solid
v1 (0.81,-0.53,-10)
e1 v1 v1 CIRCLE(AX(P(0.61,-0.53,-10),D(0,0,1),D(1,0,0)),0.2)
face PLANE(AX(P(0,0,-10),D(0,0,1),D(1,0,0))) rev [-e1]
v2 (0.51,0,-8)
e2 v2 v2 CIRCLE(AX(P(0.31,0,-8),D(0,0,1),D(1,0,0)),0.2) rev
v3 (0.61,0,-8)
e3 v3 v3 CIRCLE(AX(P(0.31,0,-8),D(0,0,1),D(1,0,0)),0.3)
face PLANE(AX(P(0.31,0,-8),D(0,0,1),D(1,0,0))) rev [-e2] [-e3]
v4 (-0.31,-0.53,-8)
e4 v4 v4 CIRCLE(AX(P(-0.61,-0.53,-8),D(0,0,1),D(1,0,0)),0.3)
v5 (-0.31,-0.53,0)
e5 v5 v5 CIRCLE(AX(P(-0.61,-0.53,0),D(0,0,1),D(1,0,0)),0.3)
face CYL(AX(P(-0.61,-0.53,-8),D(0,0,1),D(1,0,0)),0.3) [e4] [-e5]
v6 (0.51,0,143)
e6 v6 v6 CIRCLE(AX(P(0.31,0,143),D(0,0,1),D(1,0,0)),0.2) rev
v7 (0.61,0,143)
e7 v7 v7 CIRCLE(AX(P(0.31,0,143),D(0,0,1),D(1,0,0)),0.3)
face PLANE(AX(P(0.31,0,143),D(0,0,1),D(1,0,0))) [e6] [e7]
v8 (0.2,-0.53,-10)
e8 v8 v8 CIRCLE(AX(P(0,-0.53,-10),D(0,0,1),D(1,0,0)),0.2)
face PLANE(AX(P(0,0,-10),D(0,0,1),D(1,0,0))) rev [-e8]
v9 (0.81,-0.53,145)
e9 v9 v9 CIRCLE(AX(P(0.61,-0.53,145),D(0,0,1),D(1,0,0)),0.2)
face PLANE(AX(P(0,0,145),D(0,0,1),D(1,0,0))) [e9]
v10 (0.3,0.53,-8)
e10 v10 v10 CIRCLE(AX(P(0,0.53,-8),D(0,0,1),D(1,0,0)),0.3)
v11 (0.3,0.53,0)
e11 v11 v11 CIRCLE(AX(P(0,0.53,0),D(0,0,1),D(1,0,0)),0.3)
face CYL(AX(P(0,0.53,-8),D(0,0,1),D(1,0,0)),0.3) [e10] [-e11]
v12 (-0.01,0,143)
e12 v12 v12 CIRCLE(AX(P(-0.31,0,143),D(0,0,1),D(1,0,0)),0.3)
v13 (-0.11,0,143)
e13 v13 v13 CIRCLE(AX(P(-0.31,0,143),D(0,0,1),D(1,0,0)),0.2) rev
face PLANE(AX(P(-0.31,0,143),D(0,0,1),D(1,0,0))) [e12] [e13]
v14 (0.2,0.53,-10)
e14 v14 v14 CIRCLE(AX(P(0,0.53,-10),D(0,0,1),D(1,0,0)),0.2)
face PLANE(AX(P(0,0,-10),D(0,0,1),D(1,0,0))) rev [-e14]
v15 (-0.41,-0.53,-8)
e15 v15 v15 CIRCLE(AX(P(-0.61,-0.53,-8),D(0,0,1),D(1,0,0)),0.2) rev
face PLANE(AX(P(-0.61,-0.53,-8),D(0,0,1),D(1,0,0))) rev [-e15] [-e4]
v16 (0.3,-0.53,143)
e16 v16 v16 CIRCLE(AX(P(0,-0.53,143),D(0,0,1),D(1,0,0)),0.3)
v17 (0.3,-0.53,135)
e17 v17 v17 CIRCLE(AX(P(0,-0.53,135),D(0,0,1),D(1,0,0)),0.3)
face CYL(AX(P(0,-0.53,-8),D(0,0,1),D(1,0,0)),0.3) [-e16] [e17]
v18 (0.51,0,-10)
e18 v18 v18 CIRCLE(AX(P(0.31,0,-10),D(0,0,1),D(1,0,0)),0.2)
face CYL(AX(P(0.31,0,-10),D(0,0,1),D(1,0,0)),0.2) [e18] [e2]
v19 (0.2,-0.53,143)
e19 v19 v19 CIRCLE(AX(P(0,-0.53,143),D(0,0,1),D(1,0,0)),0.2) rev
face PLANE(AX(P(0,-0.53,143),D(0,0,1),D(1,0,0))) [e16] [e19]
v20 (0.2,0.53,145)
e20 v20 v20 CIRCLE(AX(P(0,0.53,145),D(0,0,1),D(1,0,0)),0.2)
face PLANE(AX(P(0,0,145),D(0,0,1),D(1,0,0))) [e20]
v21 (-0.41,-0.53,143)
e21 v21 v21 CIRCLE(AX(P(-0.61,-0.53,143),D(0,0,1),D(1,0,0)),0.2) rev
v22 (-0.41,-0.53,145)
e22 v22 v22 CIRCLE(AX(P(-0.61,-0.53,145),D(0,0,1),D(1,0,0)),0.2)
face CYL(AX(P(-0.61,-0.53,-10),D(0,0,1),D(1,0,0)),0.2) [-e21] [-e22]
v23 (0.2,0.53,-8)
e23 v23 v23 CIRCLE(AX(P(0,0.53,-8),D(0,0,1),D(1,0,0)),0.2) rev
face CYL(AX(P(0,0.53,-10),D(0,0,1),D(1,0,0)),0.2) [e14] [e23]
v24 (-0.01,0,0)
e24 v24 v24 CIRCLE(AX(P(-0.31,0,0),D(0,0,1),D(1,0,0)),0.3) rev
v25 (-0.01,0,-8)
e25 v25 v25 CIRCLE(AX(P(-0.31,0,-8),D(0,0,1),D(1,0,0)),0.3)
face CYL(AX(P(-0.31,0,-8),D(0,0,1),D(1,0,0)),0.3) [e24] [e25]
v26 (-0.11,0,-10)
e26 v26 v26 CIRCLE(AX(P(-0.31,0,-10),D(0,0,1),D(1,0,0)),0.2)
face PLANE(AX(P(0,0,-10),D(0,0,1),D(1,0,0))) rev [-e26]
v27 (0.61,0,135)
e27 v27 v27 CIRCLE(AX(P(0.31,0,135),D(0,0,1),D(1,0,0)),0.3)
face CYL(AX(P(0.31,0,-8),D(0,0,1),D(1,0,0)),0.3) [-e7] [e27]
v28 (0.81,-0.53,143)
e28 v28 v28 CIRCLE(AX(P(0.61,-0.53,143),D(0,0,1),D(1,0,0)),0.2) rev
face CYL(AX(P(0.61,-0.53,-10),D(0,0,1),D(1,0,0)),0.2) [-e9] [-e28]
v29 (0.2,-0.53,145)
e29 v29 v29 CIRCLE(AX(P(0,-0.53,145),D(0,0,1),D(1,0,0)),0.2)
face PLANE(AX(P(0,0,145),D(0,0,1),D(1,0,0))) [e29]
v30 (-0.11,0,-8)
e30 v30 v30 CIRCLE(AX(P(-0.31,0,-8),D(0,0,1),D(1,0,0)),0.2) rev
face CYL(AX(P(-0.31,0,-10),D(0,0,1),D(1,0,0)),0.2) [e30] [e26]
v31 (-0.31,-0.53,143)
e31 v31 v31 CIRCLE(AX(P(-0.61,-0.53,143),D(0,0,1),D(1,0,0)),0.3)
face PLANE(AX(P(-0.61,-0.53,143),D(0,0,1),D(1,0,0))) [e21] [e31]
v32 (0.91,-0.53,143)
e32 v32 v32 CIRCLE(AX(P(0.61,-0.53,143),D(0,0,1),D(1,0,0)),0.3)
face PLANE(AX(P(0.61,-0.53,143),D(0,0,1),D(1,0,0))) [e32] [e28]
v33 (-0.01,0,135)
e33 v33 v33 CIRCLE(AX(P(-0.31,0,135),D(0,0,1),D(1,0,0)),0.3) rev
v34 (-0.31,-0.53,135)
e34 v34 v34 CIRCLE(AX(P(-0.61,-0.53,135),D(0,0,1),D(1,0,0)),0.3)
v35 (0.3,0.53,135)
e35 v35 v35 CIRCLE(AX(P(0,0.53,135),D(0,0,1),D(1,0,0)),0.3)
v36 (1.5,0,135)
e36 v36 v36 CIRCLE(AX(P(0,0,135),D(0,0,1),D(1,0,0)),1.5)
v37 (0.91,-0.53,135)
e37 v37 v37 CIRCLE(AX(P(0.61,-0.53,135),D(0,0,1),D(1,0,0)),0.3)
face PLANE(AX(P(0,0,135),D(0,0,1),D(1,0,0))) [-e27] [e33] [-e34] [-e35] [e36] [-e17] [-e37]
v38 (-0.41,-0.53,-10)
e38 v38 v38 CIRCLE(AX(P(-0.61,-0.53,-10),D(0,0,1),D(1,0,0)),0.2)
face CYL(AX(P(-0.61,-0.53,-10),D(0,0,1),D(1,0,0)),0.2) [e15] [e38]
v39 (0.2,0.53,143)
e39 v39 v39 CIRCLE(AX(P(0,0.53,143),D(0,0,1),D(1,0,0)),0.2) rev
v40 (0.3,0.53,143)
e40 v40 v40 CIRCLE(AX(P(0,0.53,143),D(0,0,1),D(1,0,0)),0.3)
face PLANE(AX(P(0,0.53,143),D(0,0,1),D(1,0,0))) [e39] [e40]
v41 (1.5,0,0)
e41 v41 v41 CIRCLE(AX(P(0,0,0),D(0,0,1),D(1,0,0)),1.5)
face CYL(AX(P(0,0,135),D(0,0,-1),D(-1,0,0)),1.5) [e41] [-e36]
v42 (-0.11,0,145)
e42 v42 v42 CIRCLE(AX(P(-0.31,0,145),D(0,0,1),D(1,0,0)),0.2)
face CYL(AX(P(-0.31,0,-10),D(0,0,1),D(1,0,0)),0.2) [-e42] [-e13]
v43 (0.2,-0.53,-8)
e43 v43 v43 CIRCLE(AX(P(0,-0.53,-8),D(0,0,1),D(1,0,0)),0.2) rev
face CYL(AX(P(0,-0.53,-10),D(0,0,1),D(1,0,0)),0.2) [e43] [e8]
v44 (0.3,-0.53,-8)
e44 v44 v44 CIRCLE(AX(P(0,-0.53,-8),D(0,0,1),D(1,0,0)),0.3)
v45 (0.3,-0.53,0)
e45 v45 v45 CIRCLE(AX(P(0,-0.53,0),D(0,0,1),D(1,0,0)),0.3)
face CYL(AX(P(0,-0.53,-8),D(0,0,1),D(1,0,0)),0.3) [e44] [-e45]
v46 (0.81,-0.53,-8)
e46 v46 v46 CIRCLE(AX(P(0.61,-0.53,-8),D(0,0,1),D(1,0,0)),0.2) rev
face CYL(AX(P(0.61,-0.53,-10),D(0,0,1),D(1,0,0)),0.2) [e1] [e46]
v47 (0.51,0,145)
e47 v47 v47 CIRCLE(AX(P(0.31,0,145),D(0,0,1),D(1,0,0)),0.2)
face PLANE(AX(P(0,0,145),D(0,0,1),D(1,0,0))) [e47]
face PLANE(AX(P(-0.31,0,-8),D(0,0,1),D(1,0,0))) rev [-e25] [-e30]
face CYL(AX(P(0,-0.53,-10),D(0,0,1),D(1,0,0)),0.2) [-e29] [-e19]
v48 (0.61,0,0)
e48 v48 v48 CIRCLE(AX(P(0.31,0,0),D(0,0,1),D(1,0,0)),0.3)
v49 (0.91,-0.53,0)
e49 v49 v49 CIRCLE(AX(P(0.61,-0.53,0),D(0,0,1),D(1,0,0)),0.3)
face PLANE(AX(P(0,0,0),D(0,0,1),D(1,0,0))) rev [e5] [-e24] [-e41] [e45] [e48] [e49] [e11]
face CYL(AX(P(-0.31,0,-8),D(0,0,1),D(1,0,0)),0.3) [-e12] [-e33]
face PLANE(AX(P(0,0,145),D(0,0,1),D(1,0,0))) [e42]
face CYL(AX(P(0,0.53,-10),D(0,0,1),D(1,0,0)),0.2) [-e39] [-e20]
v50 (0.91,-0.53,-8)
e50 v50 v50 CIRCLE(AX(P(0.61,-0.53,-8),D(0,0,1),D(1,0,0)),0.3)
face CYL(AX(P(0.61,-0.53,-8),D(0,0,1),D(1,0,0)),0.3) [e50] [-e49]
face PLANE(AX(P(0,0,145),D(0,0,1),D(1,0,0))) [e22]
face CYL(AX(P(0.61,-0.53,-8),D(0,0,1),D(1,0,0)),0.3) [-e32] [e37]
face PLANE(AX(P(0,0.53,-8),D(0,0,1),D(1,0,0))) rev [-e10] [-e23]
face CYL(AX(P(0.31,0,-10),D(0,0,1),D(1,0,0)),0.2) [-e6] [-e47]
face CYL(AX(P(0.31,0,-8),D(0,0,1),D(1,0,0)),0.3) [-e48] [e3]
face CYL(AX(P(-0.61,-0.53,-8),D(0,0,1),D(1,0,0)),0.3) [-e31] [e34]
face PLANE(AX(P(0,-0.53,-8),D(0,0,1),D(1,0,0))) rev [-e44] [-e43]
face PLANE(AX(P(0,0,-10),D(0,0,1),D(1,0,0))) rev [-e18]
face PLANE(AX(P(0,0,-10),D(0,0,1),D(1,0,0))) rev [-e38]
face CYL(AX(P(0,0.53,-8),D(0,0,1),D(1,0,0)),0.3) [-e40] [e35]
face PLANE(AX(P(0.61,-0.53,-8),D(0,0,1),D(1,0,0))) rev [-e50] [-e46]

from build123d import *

# Parameters (mm, degrees)
SKETCH_1_R             = 0.2
EXTRUDE_9_DEPTH        = 145
EXTRUDE_9_DEPTH_BACK   = 10
EXTRUDE_9_2_DEPTH      = 145
EXTRUDE_9_2_DEPTH_BACK = 10
EXTRUDE_9_3_DEPTH      = 145
EXTRUDE_9_3_DEPTH_BACK = 10
EXTRUDE_9_4_DEPTH      = 145
EXTRUDE_9_4_DEPTH_BACK = 10
EXTRUDE_9_5_DEPTH      = 145
EXTRUDE_9_5_DEPTH_BACK = 10
EXTRUDE_9_6_DEPTH      = 145
EXTRUDE_9_6_DEPTH_BACK = 10
SKETCH_1_12_R          = 0.3
EXTRUDE_10_DEPTH       = 143
EXTRUDE_10_DEPTH_BACK  = 8
SKETCH_1_13_R          = 1.5
EXTRUDE_11_DEPTH       = 135


with BuildPart() as part:
    # Sketch 1 → Extrude 9 (new body, two sides)
    with BuildSketch(Plane.XY) as extrude_9_sk:
        with Locations((-0.31, 0)):
            Circle(SKETCH_1_R)
    extrude(amount=EXTRUDE_9_DEPTH)
    extrude(extrude_9_sk.sketch, amount=-EXTRUDE_9_DEPTH_BACK)



with BuildPart() as body_2:
    # Sketch 1 → Extrude 9 2 (new body, two sides)
    with BuildSketch(Plane.XY) as extrude_9_2_sk:
        with Locations((0, 0.53)):
            Circle(SKETCH_1_R)
    extrude(amount=EXTRUDE_9_2_DEPTH)
    extrude(extrude_9_2_sk.sketch, amount=-EXTRUDE_9_2_DEPTH_BACK)


with BuildPart() as body_3:
    # Sketch 1 → Extrude 9 3 (new body, two sides)
    with BuildSketch(Plane.XY) as extrude_9_3_sk:
        with Locations((0.31, 0)):
            Circle(SKETCH_1_R)
    extrude(amount=EXTRUDE_9_3_DEPTH)
    extrude(extrude_9_3_sk.sketch, amount=-EXTRUDE_9_3_DEPTH_BACK)


with BuildPart() as body_4:
    # Sketch 1 → Extrude 9 4 (new body, two sides)
    with BuildSketch(Plane.XY) as extrude_9_4_sk:
        with Locations((0, -0.53)):
            Circle(SKETCH_1_R)
    extrude(amount=EXTRUDE_9_4_DEPTH)
    extrude(extrude_9_4_sk.sketch, amount=-EXTRUDE_9_4_DEPTH_BACK)


with BuildPart() as body_5:
    # Sketch 1 → Extrude 9 5 (new body, two sides)
    with BuildSketch(Plane.XY) as extrude_9_5_sk:
        with Locations((-0.61, -0.53)):
            Circle(SKETCH_1_R)
    extrude(amount=EXTRUDE_9_5_DEPTH)
    extrude(extrude_9_5_sk.sketch, amount=-EXTRUDE_9_5_DEPTH_BACK)


with BuildPart() as body_6:
    # Sketch 1 → Extrude 9 6 (new body, two sides)
    with BuildSketch(Plane.XY) as extrude_9_6_sk:
        with Locations((0.61, -0.53)):
            Circle(SKETCH_1_R)
    extrude(amount=EXTRUDE_9_6_DEPTH)
    extrude(extrude_9_6_sk.sketch, amount=-EXTRUDE_9_6_DEPTH_BACK)


with BuildPart() as part_1:
    add(part.part)

    add(body_2.part)  # Extrude 10 merges body 2

    add(body_3.part)  # Extrude 10 merges body 3

    add(body_4.part)  # Extrude 10 merges body 4

    add(body_5.part)  # Extrude 10 merges body 5

    add(body_6.part)  # Extrude 10 merges body 6
    # Sketch 1_12 → Extrude 10 (add, two sides)
    with BuildSketch(Plane.XY) as extrude_10_sk:
        with Locations((0.31, 0)):
            Circle(SKETCH_1_12_R)
        with Locations((-0.31, 0)):
            Circle(SKETCH_1_12_R)
        with Locations((0, 0.53)):
            Circle(SKETCH_1_12_R)
        with Locations((0, -0.53)):
            Circle(SKETCH_1_12_R)
        with Locations((-0.61, -0.53)):
            Circle(SKETCH_1_12_R)
        with Locations((0.61, -0.53)):
            Circle(SKETCH_1_12_R)
    extrude(amount=EXTRUDE_10_DEPTH)
    extrude(extrude_10_sk.sketch, amount=-EXTRUDE_10_DEPTH_BACK)

    # Sketch 1_13 → Extrude 11 (add)
    with BuildSketch(Plane.XY):
        Circle(SKETCH_1_13_R)
    extrude(amount=EXTRUDE_11_DEPTH)


solid = part_1.part
